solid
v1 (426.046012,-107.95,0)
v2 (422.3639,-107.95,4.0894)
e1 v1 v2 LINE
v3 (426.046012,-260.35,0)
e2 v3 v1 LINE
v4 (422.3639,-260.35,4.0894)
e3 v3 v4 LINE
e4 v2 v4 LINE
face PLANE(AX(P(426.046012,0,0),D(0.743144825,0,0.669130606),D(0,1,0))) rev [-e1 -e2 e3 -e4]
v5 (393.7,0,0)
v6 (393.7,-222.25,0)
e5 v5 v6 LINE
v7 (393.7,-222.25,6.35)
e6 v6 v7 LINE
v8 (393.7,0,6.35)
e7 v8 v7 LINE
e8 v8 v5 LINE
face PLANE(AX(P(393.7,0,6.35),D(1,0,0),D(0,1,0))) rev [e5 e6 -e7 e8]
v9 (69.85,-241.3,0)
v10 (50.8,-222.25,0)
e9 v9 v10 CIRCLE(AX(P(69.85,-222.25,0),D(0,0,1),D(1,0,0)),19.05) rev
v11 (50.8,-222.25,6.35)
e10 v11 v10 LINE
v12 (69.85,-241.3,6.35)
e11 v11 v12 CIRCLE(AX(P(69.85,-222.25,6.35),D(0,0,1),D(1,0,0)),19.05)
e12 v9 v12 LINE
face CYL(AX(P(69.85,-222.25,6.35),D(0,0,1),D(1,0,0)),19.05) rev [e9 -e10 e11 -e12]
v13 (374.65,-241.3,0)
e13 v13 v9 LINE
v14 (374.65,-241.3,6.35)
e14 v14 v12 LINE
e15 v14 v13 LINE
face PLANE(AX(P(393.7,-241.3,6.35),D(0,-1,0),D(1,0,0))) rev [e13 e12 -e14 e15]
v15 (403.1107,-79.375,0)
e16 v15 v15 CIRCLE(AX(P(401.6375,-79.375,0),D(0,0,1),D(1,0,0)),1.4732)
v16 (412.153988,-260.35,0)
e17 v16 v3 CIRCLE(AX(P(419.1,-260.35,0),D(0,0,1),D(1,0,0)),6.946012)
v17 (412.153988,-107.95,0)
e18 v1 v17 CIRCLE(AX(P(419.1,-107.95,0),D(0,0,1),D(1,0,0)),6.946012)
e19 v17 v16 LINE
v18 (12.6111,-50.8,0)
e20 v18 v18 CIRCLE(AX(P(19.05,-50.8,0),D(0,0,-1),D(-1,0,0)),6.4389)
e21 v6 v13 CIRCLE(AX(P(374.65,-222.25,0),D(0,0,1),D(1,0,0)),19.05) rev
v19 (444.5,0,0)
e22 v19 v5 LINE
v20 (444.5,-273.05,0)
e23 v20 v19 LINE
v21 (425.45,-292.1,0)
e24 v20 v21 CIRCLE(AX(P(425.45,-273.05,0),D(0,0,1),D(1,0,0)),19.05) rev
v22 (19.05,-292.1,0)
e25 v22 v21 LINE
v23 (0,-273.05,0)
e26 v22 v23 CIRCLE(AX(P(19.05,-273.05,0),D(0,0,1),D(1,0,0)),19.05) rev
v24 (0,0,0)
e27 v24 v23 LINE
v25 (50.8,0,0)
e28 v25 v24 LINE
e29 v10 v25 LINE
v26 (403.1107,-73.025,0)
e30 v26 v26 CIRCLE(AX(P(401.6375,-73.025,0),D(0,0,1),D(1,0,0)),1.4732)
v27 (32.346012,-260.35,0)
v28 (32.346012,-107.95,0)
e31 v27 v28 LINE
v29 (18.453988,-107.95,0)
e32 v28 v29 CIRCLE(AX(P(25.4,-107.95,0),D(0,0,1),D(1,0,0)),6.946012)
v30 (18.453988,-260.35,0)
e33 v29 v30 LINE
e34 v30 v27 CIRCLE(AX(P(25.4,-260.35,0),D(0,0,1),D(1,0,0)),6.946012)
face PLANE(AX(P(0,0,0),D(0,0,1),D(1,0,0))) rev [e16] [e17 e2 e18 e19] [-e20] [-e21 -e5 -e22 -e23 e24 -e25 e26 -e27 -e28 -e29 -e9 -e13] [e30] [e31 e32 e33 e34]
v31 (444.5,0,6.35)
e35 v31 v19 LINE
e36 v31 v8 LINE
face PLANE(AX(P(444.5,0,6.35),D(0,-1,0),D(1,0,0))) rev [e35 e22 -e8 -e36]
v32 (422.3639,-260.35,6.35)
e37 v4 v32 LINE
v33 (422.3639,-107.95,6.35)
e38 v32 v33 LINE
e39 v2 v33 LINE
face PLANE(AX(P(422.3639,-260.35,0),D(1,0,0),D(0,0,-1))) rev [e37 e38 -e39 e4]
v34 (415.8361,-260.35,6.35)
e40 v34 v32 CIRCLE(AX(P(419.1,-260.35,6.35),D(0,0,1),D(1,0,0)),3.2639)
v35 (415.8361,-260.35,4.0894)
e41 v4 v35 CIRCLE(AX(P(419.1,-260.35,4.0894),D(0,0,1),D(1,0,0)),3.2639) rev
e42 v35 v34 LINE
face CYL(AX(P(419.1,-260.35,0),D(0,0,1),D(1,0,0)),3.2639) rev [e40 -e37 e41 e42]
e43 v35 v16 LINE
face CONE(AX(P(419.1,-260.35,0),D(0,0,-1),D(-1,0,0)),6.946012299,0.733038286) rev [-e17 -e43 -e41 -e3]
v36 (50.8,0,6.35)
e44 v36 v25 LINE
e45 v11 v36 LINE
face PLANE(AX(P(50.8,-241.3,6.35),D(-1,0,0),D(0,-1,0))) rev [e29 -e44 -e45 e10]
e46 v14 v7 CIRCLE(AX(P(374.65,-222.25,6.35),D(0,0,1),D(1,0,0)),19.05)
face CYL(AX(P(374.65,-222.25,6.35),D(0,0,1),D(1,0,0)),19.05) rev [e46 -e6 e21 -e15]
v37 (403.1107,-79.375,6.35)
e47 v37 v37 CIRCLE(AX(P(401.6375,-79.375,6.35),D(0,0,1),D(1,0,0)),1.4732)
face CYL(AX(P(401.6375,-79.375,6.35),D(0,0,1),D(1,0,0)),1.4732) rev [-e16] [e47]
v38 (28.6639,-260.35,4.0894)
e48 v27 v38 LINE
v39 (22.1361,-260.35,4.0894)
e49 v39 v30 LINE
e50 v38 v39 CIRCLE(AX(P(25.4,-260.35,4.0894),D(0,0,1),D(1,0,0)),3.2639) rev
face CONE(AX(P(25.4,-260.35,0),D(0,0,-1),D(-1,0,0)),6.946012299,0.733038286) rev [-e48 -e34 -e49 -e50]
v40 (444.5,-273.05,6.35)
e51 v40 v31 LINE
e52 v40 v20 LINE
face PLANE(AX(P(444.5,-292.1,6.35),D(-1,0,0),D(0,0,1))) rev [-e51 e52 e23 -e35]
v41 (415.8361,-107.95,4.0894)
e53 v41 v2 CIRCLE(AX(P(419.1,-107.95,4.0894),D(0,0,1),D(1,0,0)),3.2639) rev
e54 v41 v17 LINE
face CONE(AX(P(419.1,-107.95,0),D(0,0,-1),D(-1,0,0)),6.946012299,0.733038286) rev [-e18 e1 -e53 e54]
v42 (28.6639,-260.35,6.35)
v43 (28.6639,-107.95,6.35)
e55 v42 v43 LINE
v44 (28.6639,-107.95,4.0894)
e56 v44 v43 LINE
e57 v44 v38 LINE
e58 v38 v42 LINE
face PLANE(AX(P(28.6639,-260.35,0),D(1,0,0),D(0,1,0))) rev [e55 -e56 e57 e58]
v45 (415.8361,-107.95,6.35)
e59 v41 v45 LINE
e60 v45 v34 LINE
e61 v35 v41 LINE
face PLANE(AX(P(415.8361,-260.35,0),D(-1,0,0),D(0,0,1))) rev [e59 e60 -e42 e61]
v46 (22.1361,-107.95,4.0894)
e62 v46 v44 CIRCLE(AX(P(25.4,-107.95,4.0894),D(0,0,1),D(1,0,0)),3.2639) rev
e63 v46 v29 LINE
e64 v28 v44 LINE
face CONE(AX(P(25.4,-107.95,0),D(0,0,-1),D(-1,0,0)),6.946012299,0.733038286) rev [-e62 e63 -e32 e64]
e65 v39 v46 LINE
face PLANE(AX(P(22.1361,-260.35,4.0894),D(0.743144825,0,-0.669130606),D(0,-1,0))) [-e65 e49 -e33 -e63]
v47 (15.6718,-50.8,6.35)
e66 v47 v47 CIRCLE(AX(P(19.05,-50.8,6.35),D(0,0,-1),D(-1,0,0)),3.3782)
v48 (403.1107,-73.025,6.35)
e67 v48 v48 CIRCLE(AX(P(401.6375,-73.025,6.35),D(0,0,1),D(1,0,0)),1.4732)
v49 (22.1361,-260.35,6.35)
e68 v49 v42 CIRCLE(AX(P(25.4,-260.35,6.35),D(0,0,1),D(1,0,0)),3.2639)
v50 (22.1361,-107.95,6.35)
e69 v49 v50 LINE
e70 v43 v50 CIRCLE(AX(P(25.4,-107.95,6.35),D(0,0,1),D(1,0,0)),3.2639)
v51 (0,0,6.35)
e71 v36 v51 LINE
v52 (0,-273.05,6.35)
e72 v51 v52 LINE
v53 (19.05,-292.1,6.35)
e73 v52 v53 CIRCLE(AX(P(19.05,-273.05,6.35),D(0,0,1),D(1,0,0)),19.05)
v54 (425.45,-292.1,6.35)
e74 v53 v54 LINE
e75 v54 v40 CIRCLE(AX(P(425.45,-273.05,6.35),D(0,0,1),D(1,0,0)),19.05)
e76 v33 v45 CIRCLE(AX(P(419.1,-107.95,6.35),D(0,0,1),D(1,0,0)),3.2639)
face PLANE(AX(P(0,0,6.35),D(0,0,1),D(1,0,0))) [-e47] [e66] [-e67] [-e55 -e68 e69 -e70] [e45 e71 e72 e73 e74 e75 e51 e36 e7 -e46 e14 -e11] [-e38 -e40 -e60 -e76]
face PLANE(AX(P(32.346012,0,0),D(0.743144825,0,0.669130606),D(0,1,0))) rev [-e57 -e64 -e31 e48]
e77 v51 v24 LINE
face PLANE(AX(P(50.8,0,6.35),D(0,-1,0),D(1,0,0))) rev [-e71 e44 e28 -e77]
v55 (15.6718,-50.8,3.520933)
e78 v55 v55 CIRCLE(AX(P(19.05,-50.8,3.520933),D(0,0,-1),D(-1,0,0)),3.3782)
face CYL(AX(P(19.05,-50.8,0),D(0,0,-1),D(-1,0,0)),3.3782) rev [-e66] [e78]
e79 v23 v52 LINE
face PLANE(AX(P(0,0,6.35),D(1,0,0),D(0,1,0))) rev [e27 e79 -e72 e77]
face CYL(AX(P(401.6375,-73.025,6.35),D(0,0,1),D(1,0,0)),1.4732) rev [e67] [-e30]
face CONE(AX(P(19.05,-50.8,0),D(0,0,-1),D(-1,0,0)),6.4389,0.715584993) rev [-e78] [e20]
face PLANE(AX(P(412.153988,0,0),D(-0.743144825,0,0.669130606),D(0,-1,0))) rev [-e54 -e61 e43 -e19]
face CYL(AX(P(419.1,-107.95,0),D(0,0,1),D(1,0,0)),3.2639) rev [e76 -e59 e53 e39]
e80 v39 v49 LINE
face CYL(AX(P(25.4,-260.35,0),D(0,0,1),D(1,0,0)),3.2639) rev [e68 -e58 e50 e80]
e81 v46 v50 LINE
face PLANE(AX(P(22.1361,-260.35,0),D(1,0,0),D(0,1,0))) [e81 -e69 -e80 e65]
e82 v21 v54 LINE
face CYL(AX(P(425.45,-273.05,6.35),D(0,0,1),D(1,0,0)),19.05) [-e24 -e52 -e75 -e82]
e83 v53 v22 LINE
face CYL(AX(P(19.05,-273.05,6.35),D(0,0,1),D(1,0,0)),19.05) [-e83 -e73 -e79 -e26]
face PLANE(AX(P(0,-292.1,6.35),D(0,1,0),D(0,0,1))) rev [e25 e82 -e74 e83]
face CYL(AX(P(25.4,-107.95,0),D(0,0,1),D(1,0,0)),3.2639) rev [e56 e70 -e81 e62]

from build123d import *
from OCP.BRepFilletAPI import BRepFilletAPI_MakeChamfer

# Parameters (mm, degrees)
BOSS_EXTRUDE1_DEPTH             = 6.35
FILLET5_R                       = 19.05
FILLET6_R                       = 19.05
FILLET7_R                       = 19.05
FILLET8_R                       = 19.05
CUT_EXTRUDE1_DEPTH              = 532.923850283
CUT_EXTRUDE2_DEPTH              = 532.923850283
CHAMFER1_SIZE                   = 4.0894
CHAMFER1_SIZE2                  = 3.682112299
CHAMFER2_SIZE                   = 4.0894
CHAMFER2_SIZE2                  = 3.682112299
F_32_0_116_DIAMETER_HOLE1_D     = 2.9464
F_32_0_116_DIAMETER_HOLE1_DEPTH = 25.4
F_32_0_116_DIAMETER_HOLE1_TIP   = 0.885187864


with BuildPart() as part:
    # Sketch1 → Boss-Extrude1 (new body)
    with BuildSketch(Plane.XY):
        Polygon((0, 0), (0, -292.1), (444.5, -292.1), (444.5, 0), (393.7, 0), (393.7, -241.3), (50.8, -241.3), (50.8, 0), align=None)
    extrude(amount=BOSS_EXTRUDE1_DEPTH)

    # Fillet5
    fillet5_edges = [part.edges().sort_by_distance(p)[0] for p in [
        (0, -292.1, 3.175),
    ]]
    fillet(fillet5_edges, radius=FILLET5_R)

    # Fillet6
    fillet6_edges = [part.edges().sort_by_distance(p)[0] for p in [
        (444.5, -292.1, 3.175),
    ]]
    fillet(fillet6_edges, radius=FILLET6_R)

    # Fillet7
    fillet7_edges = [part.edges().sort_by_distance(p)[0] for p in [
        (50.8, -241.3, 3.175),
    ]]
    fillet(fillet7_edges, radius=FILLET7_R)

    # Fillet8
    fillet8_edges = [part.edges().sort_by_distance(p)[0] for p in [
        (393.7, -241.3, 3.175),
    ]]
    fillet(fillet8_edges, radius=FILLET8_R)

    # Sketch2 → Cut-Extrude1 (cut, through all)
    with BuildSketch(Plane.XY.offset(6.35)):
        with BuildLine():
            Line((22.1361, -260.35), (22.1361, -107.95))
            ThreePointArc((22.1361, -107.95), (25.4, -104.6861), (28.6639, -107.95))
            Line((28.6639, -107.95), (28.6639, -260.35))
            ThreePointArc((28.6639, -260.35), (25.4, -263.6139), (22.1361, -260.35))
        make_face()
    extrude(amount=-CUT_EXTRUDE1_DEPTH, mode=Mode.SUBTRACT)

    # Sketch4 → Cut-Extrude2 (cut, through all)
    with BuildSketch(Plane.XY.offset(6.35)):
        with BuildLine():
            Line((415.8361, -260.35), (415.8361, -107.95))
            ThreePointArc((415.8361, -107.95), (419.1, -104.6861), (422.3639, -107.95))
            Line((422.3639, -107.95), (422.3639, -260.35))
            ThreePointArc((422.3639, -260.35), (419.1, -263.6139), (415.8361, -260.35))
        make_face()
    extrude(amount=-CUT_EXTRUDE2_DEPTH, mode=Mode.SUBTRACT)

    # Sketch10 → CSK for 1/4 Flat Head Machine Screw2 (revolve, cut)
    with BuildSketch(Plane(origin=(19.05, -50.8, 0), x_dir=(0, 1, 0), z_dir=(1, 0, 0))):
        Polygon((0, 0), (0, 6.35), (3.3782, 6.35), (3.3782, 3.520932584), (6.4389, 0), align=None)
    revolve(axis=Axis((19.05, -50.8, -6.35), (0, 0, 1)), mode=Mode.SUBTRACT)

    # Chamfer1: one chamfer whose edges measure the first distance from different faces: ONE call of the kernel's chamfer builder (chamfer() names one face for all edges)
    chamfer1_edges_1 = [part.edges().sort_by_distance(p)[0] for p in [
        (419.1, -263.6139, 0),
    ]]
    chamfer1_side_1 = [part.faces().sort_by_distance(p)[0] for p in [
        (419.1, -263.6139, 3.175),
    ]]
    chamfer1_edges_2 = [part.edges().sort_by_distance(p)[0] for p in [
        (415.8361, -184.15, 0),
    ]]
    chamfer1_side_2 = [part.faces().sort_by_distance(p)[0] for p in [
        (415.8361, -184.15, 3.175),
    ]]
    chamfer1_edges_3 = [part.edges().sort_by_distance(p)[0] for p in [
        (419.1, -104.6861, 0),
    ]]
    chamfer1_side_3 = [part.faces().sort_by_distance(p)[0] for p in [
        (419.1, -104.6861, 3.175),
    ]]
    chamfer1_edges_4 = [part.edges().sort_by_distance(p)[0] for p in [
        (422.3639, -184.15, 0),
    ]]
    chamfer1_side_4 = [part.faces().sort_by_distance(p)[0] for p in [
        (422.3639, -184.15, 3.175),
    ]]
    chamfer1 = BRepFilletAPI_MakeChamfer(part.part.solid().wrapped)
    for e in chamfer1_edges_1:
        chamfer1.Add(CHAMFER1_SIZE, CHAMFER1_SIZE2, e.wrapped, chamfer1_side_1[0].wrapped)  # the first distance lies on this face
    for e in chamfer1_edges_2:
        chamfer1.Add(CHAMFER1_SIZE, CHAMFER1_SIZE2, e.wrapped, chamfer1_side_2[0].wrapped)  # the first distance lies on this face
    for e in chamfer1_edges_3:
        chamfer1.Add(CHAMFER1_SIZE, CHAMFER1_SIZE2, e.wrapped, chamfer1_side_3[0].wrapped)  # the first distance lies on this face
    for e in chamfer1_edges_4:
        chamfer1.Add(CHAMFER1_SIZE, CHAMFER1_SIZE2, e.wrapped, chamfer1_side_4[0].wrapped)  # the first distance lies on this face
    add(Compound.cast(chamfer1.Shape()), mode=Mode.REPLACE)

    # Chamfer2: one chamfer whose edges measure the first distance from different faces: ONE call of the kernel's chamfer builder (chamfer() names one face for all edges)
    chamfer2_edges_1 = [part.edges().sort_by_distance(p)[0] for p in [
        (25.4, -263.6139, 0),
    ]]
    chamfer2_side_1 = [part.faces().sort_by_distance(p)[0] for p in [
        (25.4, -263.6139, 3.175),
    ]]
    chamfer2_edges_2 = [part.edges().sort_by_distance(p)[0] for p in [
        (25.4, -104.6861, 0),
    ]]
    chamfer2_side_2 = [part.faces().sort_by_distance(p)[0] for p in [
        (25.4, -104.6861, 3.175),
    ]]
    chamfer2_edges_3 = [part.edges().sort_by_distance(p)[0] for p in [
        (28.6639, -184.15, 0),
    ]]
    chamfer2_side_3 = [part.faces().sort_by_distance(p)[0] for p in [
        (28.6639, -184.15, 3.175),
    ]]
    chamfer2_edges_4 = [part.edges().sort_by_distance(p)[0] for p in [
        (22.1361, -184.15, 0),
    ]]
    chamfer2_side_4 = [part.faces().sort_by_distance(p)[0] for p in [
        (22.1361, -184.15, 3.175),
    ]]
    chamfer2 = BRepFilletAPI_MakeChamfer(part.part.solid().wrapped)
    for e in chamfer2_edges_1:
        chamfer2.Add(CHAMFER2_SIZE, CHAMFER2_SIZE2, e.wrapped, chamfer2_side_1[0].wrapped)  # the first distance lies on this face
    for e in chamfer2_edges_2:
        chamfer2.Add(CHAMFER2_SIZE, CHAMFER2_SIZE2, e.wrapped, chamfer2_side_2[0].wrapped)  # the first distance lies on this face
    for e in chamfer2_edges_3:
        chamfer2.Add(CHAMFER2_SIZE, CHAMFER2_SIZE2, e.wrapped, chamfer2_side_3[0].wrapped)  # the first distance lies on this face
    for e in chamfer2_edges_4:
        chamfer2.Add(CHAMFER2_SIZE, CHAMFER2_SIZE2, e.wrapped, chamfer2_side_4[0].wrapped)  # the first distance lies on this face
    add(Compound.cast(chamfer2.Shape()), mode=Mode.REPLACE)

    # #32 (0.116) Diameter Hole1
    with Locations(Plane.XY.offset(6.35)):
        with Locations((401.6375, -73.025), (401.6375, -79.375)):
            Hole(F_32_0_116_DIAMETER_HOLE1_D / 2, depth=F_32_0_116_DIAMETER_HOLE1_DEPTH)
            with Locations((0, 0, -(F_32_0_116_DIAMETER_HOLE1_DEPTH + F_32_0_116_DIAMETER_HOLE1_TIP / 2))):  # 118° drill point
                Cone(0, F_32_0_116_DIAMETER_HOLE1_D / 2, F_32_0_116_DIAMETER_HOLE1_TIP, mode=Mode.SUBTRACT)


solid = part.part
